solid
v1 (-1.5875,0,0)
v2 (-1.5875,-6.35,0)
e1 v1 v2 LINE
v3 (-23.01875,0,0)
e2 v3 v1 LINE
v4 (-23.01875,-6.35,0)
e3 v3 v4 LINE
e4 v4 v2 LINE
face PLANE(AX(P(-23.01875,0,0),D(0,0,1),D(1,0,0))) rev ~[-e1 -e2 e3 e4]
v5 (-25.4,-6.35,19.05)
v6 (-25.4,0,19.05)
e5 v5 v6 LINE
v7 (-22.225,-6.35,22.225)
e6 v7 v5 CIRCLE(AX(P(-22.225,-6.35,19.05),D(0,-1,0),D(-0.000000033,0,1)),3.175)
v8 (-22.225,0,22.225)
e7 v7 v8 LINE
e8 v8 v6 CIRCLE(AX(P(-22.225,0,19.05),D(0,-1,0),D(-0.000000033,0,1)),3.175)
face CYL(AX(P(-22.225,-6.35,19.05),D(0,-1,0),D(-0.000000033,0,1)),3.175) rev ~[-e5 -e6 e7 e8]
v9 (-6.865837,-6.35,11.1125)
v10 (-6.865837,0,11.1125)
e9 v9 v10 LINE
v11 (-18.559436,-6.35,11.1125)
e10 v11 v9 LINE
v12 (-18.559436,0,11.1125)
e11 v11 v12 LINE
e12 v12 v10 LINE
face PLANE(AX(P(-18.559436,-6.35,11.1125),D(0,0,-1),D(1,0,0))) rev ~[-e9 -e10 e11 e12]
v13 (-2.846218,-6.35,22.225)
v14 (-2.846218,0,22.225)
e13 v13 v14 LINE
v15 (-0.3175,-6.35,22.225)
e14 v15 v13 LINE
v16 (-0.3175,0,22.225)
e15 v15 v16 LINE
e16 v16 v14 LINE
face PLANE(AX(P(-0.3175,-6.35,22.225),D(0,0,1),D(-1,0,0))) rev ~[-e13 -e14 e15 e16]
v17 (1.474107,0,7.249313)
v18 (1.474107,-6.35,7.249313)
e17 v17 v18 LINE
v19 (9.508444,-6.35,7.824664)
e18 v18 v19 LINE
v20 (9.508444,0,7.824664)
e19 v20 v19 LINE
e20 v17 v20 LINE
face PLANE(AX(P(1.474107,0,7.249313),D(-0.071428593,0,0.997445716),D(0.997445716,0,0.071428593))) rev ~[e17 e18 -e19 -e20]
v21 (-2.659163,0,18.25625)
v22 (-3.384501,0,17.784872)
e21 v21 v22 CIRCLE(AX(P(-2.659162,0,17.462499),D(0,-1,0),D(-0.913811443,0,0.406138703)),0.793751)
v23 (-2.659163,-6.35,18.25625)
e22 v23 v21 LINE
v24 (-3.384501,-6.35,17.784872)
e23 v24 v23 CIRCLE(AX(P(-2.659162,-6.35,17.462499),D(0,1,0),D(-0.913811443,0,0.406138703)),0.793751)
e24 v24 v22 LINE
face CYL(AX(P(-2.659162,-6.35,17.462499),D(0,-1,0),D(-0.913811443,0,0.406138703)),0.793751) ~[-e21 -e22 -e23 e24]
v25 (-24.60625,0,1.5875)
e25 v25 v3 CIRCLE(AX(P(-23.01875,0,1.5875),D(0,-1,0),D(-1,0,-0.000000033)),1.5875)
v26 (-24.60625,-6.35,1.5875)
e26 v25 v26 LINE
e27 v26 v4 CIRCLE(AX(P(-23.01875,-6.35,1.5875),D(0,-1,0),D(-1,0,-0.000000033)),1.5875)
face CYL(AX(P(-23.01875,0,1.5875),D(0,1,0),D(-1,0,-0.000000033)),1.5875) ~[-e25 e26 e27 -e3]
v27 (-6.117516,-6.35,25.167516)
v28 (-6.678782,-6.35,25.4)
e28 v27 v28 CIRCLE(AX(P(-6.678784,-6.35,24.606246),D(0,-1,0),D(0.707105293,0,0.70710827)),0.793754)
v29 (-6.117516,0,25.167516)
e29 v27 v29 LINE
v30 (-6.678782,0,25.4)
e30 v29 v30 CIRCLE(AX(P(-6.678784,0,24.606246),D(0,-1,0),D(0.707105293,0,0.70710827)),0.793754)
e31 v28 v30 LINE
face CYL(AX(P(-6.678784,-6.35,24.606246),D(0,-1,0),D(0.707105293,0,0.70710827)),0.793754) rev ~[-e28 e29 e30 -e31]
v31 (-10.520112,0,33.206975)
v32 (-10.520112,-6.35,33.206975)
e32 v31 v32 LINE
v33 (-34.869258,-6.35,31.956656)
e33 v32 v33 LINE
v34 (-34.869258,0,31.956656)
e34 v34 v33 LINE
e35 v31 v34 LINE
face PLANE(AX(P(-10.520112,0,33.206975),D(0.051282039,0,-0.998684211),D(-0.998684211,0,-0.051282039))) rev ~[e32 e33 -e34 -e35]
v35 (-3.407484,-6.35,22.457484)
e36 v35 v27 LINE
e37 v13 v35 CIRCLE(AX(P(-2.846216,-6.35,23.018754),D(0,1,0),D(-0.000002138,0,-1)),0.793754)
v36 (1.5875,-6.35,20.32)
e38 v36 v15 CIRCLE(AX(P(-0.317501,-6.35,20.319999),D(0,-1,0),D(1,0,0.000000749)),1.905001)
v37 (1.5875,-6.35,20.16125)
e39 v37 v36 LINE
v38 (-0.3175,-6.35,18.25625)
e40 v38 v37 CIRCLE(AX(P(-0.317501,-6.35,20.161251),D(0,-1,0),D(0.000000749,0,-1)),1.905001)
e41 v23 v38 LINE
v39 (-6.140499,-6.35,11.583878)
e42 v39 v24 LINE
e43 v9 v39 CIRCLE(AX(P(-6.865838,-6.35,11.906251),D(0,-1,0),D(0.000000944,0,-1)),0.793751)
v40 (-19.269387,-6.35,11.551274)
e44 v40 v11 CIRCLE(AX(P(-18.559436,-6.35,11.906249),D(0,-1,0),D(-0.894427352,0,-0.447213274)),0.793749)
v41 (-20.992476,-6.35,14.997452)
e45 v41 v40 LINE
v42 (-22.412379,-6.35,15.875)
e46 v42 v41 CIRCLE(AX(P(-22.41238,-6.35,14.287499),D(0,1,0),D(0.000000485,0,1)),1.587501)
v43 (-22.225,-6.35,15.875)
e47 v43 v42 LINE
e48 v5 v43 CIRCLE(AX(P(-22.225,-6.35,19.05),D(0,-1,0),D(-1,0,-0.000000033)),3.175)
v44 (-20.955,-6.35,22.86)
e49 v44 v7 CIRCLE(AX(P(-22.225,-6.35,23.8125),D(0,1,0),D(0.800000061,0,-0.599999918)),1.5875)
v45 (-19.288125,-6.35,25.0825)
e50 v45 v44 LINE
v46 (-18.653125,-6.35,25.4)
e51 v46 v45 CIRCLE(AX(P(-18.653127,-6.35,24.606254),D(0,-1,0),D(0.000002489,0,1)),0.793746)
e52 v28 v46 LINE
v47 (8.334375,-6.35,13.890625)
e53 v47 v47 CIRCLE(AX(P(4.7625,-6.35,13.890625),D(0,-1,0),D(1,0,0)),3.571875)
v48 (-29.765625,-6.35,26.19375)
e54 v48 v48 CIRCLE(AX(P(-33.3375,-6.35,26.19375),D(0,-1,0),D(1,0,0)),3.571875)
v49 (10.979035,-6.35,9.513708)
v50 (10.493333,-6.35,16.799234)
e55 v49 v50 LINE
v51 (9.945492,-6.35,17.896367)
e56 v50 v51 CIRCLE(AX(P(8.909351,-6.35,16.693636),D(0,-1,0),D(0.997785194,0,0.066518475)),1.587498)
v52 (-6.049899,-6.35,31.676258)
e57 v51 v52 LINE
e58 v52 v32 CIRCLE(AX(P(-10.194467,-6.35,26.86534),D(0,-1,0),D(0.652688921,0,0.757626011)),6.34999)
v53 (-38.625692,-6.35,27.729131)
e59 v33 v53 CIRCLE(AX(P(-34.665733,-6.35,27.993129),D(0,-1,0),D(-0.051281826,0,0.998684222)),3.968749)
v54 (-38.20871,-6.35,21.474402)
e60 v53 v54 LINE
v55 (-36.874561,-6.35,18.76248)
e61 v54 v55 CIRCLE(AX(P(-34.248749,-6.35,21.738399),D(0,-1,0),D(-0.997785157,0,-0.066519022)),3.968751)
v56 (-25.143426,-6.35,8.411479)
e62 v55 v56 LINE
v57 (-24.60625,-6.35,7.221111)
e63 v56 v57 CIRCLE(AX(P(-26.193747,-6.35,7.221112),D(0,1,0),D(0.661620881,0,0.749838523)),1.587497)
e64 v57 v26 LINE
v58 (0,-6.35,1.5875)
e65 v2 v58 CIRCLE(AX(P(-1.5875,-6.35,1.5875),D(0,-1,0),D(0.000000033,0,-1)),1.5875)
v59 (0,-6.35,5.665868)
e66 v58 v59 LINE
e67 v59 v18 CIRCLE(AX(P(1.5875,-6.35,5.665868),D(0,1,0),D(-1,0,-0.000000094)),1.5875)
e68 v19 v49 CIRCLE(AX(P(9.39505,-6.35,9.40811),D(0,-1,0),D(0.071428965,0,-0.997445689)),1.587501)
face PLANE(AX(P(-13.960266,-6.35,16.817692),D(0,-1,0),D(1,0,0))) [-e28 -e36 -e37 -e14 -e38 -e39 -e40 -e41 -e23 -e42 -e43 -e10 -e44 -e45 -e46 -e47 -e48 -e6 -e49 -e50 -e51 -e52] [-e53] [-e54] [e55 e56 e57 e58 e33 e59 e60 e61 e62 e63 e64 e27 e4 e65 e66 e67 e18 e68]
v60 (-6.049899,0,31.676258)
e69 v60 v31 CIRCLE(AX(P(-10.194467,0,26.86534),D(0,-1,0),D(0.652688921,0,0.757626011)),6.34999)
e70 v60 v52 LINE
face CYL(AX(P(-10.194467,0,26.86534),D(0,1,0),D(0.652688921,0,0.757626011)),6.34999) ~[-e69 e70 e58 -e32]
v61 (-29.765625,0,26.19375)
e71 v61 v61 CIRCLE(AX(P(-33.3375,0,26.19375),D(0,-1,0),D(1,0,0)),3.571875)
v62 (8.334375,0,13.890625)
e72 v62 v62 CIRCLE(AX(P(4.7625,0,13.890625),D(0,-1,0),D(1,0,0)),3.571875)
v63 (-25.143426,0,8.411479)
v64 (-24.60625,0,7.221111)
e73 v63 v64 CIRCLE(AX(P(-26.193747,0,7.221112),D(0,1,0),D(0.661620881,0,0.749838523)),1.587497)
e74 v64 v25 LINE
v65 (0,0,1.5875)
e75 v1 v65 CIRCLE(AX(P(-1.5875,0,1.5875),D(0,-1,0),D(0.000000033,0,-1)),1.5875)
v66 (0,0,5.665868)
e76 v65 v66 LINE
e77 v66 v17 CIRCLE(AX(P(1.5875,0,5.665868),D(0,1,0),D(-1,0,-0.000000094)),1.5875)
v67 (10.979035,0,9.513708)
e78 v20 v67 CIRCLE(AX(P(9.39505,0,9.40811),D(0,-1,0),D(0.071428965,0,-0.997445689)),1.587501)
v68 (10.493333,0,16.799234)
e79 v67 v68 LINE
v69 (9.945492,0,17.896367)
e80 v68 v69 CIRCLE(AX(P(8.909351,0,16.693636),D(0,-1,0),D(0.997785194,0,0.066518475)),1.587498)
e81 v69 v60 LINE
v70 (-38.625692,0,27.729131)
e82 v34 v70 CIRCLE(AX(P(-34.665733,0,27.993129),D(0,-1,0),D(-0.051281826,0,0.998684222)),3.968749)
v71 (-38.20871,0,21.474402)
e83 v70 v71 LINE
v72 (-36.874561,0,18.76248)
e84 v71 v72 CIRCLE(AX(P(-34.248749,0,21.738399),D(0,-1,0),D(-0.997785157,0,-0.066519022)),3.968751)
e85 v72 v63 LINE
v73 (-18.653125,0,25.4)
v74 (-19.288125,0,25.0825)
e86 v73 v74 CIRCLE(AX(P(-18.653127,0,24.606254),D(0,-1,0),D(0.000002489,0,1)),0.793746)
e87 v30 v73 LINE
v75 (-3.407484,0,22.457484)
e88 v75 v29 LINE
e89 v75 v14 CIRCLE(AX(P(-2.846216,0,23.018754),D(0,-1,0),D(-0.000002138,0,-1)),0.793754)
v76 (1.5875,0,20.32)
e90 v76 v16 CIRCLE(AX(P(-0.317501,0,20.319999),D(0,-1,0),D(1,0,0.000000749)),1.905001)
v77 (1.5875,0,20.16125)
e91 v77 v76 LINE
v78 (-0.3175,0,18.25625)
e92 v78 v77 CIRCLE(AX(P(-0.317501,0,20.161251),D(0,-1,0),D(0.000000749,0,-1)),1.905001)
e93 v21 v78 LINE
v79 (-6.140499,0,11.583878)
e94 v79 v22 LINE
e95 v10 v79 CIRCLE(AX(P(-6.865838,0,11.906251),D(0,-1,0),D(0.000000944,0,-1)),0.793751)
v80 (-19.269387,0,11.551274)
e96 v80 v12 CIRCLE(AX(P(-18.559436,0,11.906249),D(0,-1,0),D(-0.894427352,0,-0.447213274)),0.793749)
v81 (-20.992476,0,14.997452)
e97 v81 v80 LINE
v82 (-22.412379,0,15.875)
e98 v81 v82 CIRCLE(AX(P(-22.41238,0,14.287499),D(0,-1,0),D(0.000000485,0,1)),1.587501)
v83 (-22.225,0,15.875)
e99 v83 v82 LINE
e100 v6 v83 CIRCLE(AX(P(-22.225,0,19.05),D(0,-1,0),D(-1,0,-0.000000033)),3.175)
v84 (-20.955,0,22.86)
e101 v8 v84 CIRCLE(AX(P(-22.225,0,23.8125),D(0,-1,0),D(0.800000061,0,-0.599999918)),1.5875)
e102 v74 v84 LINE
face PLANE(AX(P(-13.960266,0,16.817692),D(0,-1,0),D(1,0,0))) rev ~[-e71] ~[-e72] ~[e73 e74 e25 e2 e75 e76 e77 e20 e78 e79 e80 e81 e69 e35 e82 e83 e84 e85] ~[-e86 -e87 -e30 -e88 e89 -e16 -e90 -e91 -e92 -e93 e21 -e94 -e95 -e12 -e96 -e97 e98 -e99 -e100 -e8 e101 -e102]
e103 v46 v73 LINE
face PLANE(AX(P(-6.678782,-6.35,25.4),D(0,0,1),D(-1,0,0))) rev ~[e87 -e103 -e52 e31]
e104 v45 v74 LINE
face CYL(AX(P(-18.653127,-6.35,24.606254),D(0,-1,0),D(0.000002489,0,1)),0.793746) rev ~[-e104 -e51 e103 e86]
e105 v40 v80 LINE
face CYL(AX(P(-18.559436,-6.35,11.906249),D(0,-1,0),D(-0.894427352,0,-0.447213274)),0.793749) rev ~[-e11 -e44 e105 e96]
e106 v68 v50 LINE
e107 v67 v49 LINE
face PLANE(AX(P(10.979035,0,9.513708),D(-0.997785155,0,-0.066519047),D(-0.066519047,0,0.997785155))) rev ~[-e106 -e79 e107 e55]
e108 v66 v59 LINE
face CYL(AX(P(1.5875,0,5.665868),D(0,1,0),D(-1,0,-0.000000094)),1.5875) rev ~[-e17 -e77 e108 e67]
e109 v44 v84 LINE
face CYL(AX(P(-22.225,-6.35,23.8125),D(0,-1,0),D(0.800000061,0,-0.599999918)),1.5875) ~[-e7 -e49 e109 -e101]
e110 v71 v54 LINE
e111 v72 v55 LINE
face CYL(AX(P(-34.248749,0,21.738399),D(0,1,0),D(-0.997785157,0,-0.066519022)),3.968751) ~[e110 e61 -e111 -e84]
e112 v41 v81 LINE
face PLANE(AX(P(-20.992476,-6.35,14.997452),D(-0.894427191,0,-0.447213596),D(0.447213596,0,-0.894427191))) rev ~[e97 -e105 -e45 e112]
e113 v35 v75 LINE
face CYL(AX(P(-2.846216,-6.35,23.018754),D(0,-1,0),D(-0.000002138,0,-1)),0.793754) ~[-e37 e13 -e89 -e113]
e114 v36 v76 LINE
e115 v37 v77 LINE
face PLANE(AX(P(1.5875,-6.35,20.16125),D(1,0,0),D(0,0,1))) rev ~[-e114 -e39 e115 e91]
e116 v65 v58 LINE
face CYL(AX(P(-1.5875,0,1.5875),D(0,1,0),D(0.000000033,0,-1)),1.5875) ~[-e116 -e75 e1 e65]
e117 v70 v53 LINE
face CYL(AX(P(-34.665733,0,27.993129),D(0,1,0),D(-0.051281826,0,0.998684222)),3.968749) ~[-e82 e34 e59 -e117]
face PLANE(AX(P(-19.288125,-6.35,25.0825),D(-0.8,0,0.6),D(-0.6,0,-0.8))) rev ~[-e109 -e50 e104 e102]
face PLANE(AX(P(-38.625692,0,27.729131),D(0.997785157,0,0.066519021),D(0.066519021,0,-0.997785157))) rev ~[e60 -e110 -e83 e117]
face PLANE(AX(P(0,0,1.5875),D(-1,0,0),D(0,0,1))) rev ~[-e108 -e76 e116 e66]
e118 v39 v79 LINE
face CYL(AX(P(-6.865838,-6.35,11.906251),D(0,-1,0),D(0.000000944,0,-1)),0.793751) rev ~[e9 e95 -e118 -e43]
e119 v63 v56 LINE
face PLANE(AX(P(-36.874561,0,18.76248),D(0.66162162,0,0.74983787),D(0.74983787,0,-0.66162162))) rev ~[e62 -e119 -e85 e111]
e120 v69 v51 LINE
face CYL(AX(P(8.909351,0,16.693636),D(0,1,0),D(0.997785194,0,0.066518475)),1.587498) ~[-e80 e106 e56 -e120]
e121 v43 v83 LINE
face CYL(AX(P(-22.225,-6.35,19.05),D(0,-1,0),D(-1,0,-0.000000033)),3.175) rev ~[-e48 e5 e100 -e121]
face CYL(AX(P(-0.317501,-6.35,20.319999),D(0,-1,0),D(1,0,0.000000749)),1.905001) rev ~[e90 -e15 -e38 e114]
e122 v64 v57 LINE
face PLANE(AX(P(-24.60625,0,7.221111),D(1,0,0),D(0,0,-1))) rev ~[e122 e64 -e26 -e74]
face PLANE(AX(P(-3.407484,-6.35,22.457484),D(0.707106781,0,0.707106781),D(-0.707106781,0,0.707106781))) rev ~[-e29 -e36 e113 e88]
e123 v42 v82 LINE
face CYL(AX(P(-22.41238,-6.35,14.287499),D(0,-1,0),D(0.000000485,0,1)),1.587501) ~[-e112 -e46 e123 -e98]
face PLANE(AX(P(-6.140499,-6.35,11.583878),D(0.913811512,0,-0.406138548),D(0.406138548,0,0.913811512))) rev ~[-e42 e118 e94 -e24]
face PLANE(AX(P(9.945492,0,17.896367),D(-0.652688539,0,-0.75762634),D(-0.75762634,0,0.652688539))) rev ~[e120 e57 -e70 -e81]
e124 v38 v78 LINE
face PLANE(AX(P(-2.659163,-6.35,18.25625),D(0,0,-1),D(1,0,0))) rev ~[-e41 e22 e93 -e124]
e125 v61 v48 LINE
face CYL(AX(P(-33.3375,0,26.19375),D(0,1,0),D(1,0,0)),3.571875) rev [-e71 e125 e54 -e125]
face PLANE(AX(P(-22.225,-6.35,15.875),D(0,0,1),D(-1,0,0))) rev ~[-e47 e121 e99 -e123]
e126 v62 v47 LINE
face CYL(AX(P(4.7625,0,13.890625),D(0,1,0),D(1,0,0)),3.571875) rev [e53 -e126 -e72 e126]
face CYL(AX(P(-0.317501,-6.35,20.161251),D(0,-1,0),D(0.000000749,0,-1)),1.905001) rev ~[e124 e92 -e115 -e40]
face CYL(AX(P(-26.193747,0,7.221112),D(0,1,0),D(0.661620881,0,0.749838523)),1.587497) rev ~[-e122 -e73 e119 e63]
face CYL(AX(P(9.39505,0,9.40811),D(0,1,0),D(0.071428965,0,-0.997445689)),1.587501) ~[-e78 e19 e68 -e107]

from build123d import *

# Parameters (mm, degrees)
F0_R     = 3.571875
F1_DEPTH = 6.35
F3_DEPTH = 6.351


with BuildPart() as f1:
    # F0 (on Front) → F1 (new body)
    with BuildSketch(Plane.XZ):
        with BuildLine():
            Line((-23.01875, 0), (-1.5875, 0))
            ThreePointArc((-1.5875, 0), (-0.464968, 0.464968), (0, 1.5875))
            Line((0, 1.5875), (0, 5.665868))
            ThreePointArc((0, 5.665868), (0.425569, 6.747567), (1.474107, 7.249313))
            Line((1.474107, 7.249313), (9.508444, 7.824664))
            ThreePointArc((9.508444, 7.824664), (10.592335, 8.365676), (10.979035, 9.513708))
            Line((10.979035, 9.513708), (10.493333, 16.799234))
            ThreePointArc((10.493333, 16.799234), (10.329628, 17.402835), (9.945492, 17.896367))
            Line((9.945492, 17.896367), (-6.049899, 31.676258))
            ThreePointArc((-6.049899, 31.676258), (-8.137329, 32.872882), (-10.520112, 33.206975))
            Line((-10.520112, 33.206975), (-34.869258, 31.956656))
            ThreePointArc((-34.869258, 31.956656), (-37.632489, 30.629287), (-38.625692, 27.729131))
            Line((-38.625692, 27.729131), (-38.20871, 21.474402))
            ThreePointArc((-38.20871, 21.474402), (-37.809891, 19.986471), (-36.874561, 18.76248))
            Line((-36.874561, 18.76248), (-25.143426, 8.411479))
            ThreePointArc((-25.143426, 8.411479), (-24.746762, 7.874091), (-24.60625, 7.221111))
            Line((-24.60625, 7.221111), (-24.60625, 1.5875))
            ThreePointArc((-24.60625, 1.5875), (-24.141282, 0.464968), (-23.01875, 0))
        make_face()
        with Locations((4.7625, 13.890625)):
            Circle(F0_R, mode=Mode.SUBTRACT)
        with Locations((-33.3375, 26.19375)):
            Circle(F0_R, mode=Mode.SUBTRACT)
    extrude(amount=F1_DEPTH)

    # F2 (on face) → F3 (cut, through all)
    with BuildSketch(Plane.XZ.offset(6.35)):
        with BuildLine():
            ThreePointArc((-19.269387, 11.551274), (-18.976735, 11.231046), (-18.559436, 11.1125))
            Line((-18.559436, 11.1125), (-6.865837, 11.1125))
            ThreePointArc((-6.865837, 11.1125), (-6.433312, 11.240697), (-6.140499, 11.583878))
            Line((-6.140499, 11.583878), (-3.384501, 17.784872))
            ThreePointArc((-3.384501, 17.784872), (-3.091688, 18.128053), (-2.659163, 18.25625))
            Line((-2.659163, 18.25625), (-0.3175, 18.25625))
            ThreePointArc((-0.3175, 18.25625), (1.029538, 18.814212), (1.5875, 20.16125))
            Line((1.5875, 20.16125), (1.5875, 20.32))
            ThreePointArc((1.5875, 20.32), (1.029538, 21.667038), (-0.3175, 22.225))
            Line((-0.3175, 22.225), (-2.846218, 22.225))
            ThreePointArc((-2.846218, 22.225), (-3.149973, 22.285421), (-3.407484, 22.457484))
            Line((-3.407484, 22.457484), (-6.117516, 25.167516))
            ThreePointArc((-6.117516, 25.167516), (-6.375027, 25.339579), (-6.678782, 25.4))
            Line((-6.678782, 25.4), (-18.653125, 25.4))
            ThreePointArc((-18.653125, 25.4), (-19.008101, 25.316202), (-19.288125, 25.0825))
            Line((-19.288125, 25.0825), (-20.955, 22.86))
            ThreePointArc((-20.955, 22.86), (-21.515048, 22.392597), (-22.225, 22.225))
            ThreePointArc((-22.225, 22.225), (-24.470064, 21.295064), (-25.4, 19.05))
            ThreePointArc((-25.4, 19.05), (-24.470064, 16.804936), (-22.225, 15.875))
            Line((-22.225, 15.875), (-22.412379, 15.875))
            ThreePointArc((-22.412379, 15.875), (-21.577781, 15.637908), (-20.992476, 14.997452))
            Line((-20.992476, 14.997452), (-19.269387, 11.551274))
        make_face()
    extrude(amount=-F3_DEPTH, mode=Mode.SUBTRACT)


solid = f1.part
